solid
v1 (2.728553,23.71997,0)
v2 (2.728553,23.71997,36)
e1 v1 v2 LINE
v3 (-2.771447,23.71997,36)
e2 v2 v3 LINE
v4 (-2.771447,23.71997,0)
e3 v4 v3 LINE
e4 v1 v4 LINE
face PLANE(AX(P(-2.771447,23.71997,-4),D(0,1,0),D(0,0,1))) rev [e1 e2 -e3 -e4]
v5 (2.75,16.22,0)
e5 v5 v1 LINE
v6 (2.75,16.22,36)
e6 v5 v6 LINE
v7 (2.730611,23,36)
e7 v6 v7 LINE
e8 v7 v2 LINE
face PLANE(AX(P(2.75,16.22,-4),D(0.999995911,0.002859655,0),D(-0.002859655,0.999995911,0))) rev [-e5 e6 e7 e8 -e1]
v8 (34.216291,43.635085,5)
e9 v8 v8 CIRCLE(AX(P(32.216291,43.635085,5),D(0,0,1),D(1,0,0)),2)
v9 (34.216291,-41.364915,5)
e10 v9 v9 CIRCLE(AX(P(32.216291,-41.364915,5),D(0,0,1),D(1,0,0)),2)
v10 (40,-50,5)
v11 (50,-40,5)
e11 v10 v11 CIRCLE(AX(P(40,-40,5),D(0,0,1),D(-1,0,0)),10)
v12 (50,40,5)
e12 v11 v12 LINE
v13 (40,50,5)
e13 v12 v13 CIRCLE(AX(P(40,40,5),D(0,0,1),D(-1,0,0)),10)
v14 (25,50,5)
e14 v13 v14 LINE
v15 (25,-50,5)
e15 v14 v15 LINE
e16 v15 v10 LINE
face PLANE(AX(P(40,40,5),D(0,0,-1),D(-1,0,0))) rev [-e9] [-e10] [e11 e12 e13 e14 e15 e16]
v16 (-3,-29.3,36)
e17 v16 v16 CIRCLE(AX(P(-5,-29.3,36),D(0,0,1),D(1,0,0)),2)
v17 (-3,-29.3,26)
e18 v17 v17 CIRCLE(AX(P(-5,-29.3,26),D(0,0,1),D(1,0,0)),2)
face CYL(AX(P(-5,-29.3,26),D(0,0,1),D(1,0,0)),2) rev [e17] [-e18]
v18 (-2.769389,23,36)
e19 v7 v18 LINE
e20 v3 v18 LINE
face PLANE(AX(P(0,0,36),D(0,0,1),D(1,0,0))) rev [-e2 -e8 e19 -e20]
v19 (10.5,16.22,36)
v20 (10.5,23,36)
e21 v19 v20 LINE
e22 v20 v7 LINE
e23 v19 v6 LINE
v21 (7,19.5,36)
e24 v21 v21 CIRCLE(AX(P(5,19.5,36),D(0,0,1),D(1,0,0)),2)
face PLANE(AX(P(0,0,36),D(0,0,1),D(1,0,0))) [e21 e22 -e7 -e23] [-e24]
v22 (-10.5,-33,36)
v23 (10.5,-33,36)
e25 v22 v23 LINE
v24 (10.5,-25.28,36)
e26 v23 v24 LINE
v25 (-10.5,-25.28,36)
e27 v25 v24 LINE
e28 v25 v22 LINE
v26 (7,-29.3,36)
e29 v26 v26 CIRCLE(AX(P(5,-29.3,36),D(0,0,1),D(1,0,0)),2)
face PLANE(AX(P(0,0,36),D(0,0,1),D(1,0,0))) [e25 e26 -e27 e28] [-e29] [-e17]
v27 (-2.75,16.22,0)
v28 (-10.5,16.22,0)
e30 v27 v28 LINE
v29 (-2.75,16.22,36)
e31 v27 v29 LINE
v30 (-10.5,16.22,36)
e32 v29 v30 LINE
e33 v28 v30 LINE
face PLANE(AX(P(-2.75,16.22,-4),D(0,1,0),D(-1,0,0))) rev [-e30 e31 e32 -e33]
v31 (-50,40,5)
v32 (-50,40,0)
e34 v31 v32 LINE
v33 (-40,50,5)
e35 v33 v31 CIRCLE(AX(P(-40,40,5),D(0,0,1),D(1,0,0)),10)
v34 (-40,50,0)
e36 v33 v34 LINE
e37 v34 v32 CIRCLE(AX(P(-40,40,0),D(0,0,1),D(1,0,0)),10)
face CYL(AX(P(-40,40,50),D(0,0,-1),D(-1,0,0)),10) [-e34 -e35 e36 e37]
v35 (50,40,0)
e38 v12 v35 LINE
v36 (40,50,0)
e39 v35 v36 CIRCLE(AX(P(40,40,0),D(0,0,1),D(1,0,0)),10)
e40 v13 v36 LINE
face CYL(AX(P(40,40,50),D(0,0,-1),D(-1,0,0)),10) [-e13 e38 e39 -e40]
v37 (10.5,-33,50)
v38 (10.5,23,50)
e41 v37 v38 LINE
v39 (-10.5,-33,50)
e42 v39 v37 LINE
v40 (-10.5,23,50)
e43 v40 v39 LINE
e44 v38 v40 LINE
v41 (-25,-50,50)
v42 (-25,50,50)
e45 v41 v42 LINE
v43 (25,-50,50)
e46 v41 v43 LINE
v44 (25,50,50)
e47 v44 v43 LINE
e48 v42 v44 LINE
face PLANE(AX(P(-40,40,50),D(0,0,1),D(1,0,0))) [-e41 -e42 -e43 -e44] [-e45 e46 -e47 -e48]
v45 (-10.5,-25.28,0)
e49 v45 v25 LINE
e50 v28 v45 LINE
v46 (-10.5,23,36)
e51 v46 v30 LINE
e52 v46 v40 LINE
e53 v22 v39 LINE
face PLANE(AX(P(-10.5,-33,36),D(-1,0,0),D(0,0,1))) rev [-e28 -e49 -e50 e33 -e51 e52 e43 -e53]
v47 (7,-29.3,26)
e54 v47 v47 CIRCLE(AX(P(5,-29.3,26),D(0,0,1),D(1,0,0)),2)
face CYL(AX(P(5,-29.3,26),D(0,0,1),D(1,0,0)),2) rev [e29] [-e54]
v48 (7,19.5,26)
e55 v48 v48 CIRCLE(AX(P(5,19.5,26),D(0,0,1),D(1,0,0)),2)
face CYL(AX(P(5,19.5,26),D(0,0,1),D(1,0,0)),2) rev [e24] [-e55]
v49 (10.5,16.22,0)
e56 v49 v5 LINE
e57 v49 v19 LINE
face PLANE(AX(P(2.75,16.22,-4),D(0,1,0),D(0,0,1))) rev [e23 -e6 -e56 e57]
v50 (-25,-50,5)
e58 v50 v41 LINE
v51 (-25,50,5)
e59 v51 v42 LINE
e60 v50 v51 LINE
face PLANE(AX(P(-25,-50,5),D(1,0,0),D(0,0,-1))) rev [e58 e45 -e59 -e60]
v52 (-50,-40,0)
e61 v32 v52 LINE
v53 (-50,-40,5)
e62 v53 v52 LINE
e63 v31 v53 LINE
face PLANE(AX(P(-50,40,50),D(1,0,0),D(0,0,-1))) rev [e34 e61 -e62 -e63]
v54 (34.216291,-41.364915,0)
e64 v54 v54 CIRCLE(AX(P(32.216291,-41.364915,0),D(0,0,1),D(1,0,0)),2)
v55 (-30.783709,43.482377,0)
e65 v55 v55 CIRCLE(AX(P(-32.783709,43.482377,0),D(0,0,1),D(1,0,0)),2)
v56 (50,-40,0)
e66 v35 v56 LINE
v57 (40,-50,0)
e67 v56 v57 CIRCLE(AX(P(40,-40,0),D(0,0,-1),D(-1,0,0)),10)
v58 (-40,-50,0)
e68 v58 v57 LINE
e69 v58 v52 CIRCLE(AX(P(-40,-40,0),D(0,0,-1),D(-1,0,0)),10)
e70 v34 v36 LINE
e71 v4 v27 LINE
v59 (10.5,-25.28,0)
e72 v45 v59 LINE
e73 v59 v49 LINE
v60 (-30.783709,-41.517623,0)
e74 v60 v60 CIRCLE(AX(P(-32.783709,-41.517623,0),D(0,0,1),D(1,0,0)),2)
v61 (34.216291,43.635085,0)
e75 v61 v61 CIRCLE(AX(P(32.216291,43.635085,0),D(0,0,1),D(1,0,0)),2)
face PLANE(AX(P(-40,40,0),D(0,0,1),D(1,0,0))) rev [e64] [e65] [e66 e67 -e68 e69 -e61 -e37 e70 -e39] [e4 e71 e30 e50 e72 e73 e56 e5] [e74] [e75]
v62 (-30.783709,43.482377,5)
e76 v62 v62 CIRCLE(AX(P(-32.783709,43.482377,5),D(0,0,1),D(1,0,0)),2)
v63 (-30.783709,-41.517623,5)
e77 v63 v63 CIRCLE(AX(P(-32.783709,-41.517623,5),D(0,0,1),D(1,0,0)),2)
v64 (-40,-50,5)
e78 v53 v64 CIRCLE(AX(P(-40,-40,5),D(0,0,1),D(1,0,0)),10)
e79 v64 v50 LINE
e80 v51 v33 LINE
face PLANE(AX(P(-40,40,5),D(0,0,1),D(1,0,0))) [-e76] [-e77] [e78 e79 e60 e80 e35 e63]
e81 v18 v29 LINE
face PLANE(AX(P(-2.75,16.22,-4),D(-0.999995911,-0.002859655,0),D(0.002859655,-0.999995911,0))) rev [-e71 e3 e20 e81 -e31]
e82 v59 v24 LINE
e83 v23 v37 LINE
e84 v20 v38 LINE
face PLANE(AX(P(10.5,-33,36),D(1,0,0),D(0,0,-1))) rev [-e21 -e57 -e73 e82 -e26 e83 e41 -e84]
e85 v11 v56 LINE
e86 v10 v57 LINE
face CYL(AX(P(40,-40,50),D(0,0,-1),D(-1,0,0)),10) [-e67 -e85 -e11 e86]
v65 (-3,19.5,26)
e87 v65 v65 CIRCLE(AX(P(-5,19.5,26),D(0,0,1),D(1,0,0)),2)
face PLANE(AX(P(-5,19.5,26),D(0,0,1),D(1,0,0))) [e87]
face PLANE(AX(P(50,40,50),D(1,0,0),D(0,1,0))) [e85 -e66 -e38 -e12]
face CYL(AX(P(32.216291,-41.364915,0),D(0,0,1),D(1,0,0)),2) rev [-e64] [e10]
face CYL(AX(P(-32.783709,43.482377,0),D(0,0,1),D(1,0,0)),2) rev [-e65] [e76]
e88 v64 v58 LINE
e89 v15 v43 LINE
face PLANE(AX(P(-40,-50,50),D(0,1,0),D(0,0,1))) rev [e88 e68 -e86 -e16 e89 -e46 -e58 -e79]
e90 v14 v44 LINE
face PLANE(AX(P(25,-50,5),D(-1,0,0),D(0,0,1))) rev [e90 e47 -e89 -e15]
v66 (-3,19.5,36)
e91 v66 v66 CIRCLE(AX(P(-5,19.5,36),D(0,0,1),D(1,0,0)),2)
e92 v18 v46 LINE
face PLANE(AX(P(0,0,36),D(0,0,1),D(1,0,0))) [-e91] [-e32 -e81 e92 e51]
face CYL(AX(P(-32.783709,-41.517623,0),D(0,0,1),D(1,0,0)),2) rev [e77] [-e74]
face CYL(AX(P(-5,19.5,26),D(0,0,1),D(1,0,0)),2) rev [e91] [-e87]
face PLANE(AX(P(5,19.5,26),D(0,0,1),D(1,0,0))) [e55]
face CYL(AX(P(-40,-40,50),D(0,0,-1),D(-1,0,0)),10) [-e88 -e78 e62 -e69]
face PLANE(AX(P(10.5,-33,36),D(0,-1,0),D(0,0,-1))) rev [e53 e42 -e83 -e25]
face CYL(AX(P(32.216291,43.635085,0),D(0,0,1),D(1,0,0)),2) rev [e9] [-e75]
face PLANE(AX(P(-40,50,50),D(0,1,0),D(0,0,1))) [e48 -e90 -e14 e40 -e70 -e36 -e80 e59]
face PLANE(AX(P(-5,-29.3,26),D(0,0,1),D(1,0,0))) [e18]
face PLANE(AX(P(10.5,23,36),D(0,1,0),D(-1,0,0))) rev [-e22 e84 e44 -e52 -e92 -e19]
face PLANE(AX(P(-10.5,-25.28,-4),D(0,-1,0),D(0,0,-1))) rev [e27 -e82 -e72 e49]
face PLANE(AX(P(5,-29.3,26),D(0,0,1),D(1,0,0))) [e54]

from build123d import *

# Parameters (mm, degrees)
BOSS_EXTRUDE1_DEPTH = 50
SKETCH2_W           = 21
SKETCH2_H           = 56
CUT_EXTRUDE1_DEPTH  = 14
CUT_EXTRUDE2_DEPTH  = 40
CUT_EXTRUDE3_START  = -45
CUT_EXTRUDE3_DEPTH  = 45
SKETCH5_R           = 2
CUT_EXTRUDE4_DEPTH  = 10
SKETCH6_R           = 2
CUT_EXTRUDE5_DEPTH  = 5


with BuildPart() as part:
    # Sketch1 → Boss-Extrude1 (new body)
    with BuildSketch(Plane.XY):
        with BuildLine():
            Line((-40, 50), (40, 50))
            ThreePointArc((40, 50), (47.071067812, 47.071067812), (50, 40))
            Line((50, 40), (50, -40))
            ThreePointArc((50, -40), (47.071067812, -47.071067812), (40, -50))
            Line((40, -50), (-40, -50))
            ThreePointArc((-40, -50), (-47.071067812, -47.071067812), (-50, -40))
            Line((-50, -40), (-50, 40))
            ThreePointArc((-50, 40), (-47.071067812, 47.071067812), (-40, 50))
        make_face()
    extrude(amount=BOSS_EXTRUDE1_DEPTH)

    # Sketch2 → Cut-Extrude1 (cut)
    with BuildSketch(Plane.XY.offset(50)):
        with Locations((0, -5)):
            Rectangle(SKETCH2_W, SKETCH2_H)
    extrude(amount=-CUT_EXTRUDE1_DEPTH, mode=Mode.SUBTRACT)

    # Sketch3 → Cut-Extrude2 (cut)
    with BuildSketch(Plane.XY.offset(36)):
        Polygon((-10.5, 16.220000255), (-10.5, -25.279999745), (10.5, -25.279999745), (10.5, 16.220000255), (2.75, 16.220000255), (2.728552587, 23.719969589), (-2.771447413, 23.719969589), (-2.75, 16.220000255), align=None)
    extrude(amount=-CUT_EXTRUDE2_DEPTH, mode=Mode.SUBTRACT)

    # Sketch4 → Cut-Extrude3 (cut)
    with BuildSketch(Plane.XY.offset(50).offset(CUT_EXTRUDE3_START)):
        with BuildLine():
            Line((40, -50), (25, -50))
            Line((25, -50), (25, 50))
            Line((25, 50), (40, 50))
            ThreePointArc((40, 50), (47.071067812, 47.071067812), (50, 40))
            Line((50, 40), (50, -40))
            ThreePointArc((50, -40), (47.071067812, -47.071067812), (40, -50))
        make_face()
        with BuildLine():
            Line((-40, -50), (-25, -50))
            Line((-25, -50), (-25, 50))
            Line((-25, 50), (-40, 50))
            ThreePointArc((-40, 50), (-47.071067812, 47.071067812), (-50, 40))
            Line((-50, 40), (-50, -40))
            ThreePointArc((-50, -40), (-47.071067812, -47.071067812), (-40, -50))
        make_face()
    extrude(amount=CUT_EXTRUDE3_DEPTH, mode=Mode.SUBTRACT)

    # Sketch5 → Cut-Extrude4 (cut)
    with BuildSketch(Plane.XY.offset(36)):
        with Locations((-5, 19.5)):
            Circle(SKETCH5_R)
        with Locations((5, 19.5)):
            Circle(SKETCH5_R)
        with Locations((-5, -29.3)):
            Circle(SKETCH5_R)
        with Locations((5, -29.3)):
            Circle(SKETCH5_R)
    extrude(amount=-CUT_EXTRUDE4_DEPTH, mode=Mode.SUBTRACT)

    # Sketch6 → Cut-Extrude5 (cut)
    with BuildSketch(Plane.XY.offset(5)):
        with Locations((-32.783708715, 43.482376607)):
            Circle(SKETCH6_R)
        with Locations((-32.783708715, -41.517623393)):
            Circle(SKETCH6_R)
        with Locations((32.216291285, -41.364915091)):
            Circle(SKETCH6_R)
        with Locations((32.216291285, 43.635084909)):
            Circle(SKETCH6_R)
    extrude(amount=-CUT_EXTRUDE5_DEPTH, mode=Mode.SUBTRACT)


solid = part.part
